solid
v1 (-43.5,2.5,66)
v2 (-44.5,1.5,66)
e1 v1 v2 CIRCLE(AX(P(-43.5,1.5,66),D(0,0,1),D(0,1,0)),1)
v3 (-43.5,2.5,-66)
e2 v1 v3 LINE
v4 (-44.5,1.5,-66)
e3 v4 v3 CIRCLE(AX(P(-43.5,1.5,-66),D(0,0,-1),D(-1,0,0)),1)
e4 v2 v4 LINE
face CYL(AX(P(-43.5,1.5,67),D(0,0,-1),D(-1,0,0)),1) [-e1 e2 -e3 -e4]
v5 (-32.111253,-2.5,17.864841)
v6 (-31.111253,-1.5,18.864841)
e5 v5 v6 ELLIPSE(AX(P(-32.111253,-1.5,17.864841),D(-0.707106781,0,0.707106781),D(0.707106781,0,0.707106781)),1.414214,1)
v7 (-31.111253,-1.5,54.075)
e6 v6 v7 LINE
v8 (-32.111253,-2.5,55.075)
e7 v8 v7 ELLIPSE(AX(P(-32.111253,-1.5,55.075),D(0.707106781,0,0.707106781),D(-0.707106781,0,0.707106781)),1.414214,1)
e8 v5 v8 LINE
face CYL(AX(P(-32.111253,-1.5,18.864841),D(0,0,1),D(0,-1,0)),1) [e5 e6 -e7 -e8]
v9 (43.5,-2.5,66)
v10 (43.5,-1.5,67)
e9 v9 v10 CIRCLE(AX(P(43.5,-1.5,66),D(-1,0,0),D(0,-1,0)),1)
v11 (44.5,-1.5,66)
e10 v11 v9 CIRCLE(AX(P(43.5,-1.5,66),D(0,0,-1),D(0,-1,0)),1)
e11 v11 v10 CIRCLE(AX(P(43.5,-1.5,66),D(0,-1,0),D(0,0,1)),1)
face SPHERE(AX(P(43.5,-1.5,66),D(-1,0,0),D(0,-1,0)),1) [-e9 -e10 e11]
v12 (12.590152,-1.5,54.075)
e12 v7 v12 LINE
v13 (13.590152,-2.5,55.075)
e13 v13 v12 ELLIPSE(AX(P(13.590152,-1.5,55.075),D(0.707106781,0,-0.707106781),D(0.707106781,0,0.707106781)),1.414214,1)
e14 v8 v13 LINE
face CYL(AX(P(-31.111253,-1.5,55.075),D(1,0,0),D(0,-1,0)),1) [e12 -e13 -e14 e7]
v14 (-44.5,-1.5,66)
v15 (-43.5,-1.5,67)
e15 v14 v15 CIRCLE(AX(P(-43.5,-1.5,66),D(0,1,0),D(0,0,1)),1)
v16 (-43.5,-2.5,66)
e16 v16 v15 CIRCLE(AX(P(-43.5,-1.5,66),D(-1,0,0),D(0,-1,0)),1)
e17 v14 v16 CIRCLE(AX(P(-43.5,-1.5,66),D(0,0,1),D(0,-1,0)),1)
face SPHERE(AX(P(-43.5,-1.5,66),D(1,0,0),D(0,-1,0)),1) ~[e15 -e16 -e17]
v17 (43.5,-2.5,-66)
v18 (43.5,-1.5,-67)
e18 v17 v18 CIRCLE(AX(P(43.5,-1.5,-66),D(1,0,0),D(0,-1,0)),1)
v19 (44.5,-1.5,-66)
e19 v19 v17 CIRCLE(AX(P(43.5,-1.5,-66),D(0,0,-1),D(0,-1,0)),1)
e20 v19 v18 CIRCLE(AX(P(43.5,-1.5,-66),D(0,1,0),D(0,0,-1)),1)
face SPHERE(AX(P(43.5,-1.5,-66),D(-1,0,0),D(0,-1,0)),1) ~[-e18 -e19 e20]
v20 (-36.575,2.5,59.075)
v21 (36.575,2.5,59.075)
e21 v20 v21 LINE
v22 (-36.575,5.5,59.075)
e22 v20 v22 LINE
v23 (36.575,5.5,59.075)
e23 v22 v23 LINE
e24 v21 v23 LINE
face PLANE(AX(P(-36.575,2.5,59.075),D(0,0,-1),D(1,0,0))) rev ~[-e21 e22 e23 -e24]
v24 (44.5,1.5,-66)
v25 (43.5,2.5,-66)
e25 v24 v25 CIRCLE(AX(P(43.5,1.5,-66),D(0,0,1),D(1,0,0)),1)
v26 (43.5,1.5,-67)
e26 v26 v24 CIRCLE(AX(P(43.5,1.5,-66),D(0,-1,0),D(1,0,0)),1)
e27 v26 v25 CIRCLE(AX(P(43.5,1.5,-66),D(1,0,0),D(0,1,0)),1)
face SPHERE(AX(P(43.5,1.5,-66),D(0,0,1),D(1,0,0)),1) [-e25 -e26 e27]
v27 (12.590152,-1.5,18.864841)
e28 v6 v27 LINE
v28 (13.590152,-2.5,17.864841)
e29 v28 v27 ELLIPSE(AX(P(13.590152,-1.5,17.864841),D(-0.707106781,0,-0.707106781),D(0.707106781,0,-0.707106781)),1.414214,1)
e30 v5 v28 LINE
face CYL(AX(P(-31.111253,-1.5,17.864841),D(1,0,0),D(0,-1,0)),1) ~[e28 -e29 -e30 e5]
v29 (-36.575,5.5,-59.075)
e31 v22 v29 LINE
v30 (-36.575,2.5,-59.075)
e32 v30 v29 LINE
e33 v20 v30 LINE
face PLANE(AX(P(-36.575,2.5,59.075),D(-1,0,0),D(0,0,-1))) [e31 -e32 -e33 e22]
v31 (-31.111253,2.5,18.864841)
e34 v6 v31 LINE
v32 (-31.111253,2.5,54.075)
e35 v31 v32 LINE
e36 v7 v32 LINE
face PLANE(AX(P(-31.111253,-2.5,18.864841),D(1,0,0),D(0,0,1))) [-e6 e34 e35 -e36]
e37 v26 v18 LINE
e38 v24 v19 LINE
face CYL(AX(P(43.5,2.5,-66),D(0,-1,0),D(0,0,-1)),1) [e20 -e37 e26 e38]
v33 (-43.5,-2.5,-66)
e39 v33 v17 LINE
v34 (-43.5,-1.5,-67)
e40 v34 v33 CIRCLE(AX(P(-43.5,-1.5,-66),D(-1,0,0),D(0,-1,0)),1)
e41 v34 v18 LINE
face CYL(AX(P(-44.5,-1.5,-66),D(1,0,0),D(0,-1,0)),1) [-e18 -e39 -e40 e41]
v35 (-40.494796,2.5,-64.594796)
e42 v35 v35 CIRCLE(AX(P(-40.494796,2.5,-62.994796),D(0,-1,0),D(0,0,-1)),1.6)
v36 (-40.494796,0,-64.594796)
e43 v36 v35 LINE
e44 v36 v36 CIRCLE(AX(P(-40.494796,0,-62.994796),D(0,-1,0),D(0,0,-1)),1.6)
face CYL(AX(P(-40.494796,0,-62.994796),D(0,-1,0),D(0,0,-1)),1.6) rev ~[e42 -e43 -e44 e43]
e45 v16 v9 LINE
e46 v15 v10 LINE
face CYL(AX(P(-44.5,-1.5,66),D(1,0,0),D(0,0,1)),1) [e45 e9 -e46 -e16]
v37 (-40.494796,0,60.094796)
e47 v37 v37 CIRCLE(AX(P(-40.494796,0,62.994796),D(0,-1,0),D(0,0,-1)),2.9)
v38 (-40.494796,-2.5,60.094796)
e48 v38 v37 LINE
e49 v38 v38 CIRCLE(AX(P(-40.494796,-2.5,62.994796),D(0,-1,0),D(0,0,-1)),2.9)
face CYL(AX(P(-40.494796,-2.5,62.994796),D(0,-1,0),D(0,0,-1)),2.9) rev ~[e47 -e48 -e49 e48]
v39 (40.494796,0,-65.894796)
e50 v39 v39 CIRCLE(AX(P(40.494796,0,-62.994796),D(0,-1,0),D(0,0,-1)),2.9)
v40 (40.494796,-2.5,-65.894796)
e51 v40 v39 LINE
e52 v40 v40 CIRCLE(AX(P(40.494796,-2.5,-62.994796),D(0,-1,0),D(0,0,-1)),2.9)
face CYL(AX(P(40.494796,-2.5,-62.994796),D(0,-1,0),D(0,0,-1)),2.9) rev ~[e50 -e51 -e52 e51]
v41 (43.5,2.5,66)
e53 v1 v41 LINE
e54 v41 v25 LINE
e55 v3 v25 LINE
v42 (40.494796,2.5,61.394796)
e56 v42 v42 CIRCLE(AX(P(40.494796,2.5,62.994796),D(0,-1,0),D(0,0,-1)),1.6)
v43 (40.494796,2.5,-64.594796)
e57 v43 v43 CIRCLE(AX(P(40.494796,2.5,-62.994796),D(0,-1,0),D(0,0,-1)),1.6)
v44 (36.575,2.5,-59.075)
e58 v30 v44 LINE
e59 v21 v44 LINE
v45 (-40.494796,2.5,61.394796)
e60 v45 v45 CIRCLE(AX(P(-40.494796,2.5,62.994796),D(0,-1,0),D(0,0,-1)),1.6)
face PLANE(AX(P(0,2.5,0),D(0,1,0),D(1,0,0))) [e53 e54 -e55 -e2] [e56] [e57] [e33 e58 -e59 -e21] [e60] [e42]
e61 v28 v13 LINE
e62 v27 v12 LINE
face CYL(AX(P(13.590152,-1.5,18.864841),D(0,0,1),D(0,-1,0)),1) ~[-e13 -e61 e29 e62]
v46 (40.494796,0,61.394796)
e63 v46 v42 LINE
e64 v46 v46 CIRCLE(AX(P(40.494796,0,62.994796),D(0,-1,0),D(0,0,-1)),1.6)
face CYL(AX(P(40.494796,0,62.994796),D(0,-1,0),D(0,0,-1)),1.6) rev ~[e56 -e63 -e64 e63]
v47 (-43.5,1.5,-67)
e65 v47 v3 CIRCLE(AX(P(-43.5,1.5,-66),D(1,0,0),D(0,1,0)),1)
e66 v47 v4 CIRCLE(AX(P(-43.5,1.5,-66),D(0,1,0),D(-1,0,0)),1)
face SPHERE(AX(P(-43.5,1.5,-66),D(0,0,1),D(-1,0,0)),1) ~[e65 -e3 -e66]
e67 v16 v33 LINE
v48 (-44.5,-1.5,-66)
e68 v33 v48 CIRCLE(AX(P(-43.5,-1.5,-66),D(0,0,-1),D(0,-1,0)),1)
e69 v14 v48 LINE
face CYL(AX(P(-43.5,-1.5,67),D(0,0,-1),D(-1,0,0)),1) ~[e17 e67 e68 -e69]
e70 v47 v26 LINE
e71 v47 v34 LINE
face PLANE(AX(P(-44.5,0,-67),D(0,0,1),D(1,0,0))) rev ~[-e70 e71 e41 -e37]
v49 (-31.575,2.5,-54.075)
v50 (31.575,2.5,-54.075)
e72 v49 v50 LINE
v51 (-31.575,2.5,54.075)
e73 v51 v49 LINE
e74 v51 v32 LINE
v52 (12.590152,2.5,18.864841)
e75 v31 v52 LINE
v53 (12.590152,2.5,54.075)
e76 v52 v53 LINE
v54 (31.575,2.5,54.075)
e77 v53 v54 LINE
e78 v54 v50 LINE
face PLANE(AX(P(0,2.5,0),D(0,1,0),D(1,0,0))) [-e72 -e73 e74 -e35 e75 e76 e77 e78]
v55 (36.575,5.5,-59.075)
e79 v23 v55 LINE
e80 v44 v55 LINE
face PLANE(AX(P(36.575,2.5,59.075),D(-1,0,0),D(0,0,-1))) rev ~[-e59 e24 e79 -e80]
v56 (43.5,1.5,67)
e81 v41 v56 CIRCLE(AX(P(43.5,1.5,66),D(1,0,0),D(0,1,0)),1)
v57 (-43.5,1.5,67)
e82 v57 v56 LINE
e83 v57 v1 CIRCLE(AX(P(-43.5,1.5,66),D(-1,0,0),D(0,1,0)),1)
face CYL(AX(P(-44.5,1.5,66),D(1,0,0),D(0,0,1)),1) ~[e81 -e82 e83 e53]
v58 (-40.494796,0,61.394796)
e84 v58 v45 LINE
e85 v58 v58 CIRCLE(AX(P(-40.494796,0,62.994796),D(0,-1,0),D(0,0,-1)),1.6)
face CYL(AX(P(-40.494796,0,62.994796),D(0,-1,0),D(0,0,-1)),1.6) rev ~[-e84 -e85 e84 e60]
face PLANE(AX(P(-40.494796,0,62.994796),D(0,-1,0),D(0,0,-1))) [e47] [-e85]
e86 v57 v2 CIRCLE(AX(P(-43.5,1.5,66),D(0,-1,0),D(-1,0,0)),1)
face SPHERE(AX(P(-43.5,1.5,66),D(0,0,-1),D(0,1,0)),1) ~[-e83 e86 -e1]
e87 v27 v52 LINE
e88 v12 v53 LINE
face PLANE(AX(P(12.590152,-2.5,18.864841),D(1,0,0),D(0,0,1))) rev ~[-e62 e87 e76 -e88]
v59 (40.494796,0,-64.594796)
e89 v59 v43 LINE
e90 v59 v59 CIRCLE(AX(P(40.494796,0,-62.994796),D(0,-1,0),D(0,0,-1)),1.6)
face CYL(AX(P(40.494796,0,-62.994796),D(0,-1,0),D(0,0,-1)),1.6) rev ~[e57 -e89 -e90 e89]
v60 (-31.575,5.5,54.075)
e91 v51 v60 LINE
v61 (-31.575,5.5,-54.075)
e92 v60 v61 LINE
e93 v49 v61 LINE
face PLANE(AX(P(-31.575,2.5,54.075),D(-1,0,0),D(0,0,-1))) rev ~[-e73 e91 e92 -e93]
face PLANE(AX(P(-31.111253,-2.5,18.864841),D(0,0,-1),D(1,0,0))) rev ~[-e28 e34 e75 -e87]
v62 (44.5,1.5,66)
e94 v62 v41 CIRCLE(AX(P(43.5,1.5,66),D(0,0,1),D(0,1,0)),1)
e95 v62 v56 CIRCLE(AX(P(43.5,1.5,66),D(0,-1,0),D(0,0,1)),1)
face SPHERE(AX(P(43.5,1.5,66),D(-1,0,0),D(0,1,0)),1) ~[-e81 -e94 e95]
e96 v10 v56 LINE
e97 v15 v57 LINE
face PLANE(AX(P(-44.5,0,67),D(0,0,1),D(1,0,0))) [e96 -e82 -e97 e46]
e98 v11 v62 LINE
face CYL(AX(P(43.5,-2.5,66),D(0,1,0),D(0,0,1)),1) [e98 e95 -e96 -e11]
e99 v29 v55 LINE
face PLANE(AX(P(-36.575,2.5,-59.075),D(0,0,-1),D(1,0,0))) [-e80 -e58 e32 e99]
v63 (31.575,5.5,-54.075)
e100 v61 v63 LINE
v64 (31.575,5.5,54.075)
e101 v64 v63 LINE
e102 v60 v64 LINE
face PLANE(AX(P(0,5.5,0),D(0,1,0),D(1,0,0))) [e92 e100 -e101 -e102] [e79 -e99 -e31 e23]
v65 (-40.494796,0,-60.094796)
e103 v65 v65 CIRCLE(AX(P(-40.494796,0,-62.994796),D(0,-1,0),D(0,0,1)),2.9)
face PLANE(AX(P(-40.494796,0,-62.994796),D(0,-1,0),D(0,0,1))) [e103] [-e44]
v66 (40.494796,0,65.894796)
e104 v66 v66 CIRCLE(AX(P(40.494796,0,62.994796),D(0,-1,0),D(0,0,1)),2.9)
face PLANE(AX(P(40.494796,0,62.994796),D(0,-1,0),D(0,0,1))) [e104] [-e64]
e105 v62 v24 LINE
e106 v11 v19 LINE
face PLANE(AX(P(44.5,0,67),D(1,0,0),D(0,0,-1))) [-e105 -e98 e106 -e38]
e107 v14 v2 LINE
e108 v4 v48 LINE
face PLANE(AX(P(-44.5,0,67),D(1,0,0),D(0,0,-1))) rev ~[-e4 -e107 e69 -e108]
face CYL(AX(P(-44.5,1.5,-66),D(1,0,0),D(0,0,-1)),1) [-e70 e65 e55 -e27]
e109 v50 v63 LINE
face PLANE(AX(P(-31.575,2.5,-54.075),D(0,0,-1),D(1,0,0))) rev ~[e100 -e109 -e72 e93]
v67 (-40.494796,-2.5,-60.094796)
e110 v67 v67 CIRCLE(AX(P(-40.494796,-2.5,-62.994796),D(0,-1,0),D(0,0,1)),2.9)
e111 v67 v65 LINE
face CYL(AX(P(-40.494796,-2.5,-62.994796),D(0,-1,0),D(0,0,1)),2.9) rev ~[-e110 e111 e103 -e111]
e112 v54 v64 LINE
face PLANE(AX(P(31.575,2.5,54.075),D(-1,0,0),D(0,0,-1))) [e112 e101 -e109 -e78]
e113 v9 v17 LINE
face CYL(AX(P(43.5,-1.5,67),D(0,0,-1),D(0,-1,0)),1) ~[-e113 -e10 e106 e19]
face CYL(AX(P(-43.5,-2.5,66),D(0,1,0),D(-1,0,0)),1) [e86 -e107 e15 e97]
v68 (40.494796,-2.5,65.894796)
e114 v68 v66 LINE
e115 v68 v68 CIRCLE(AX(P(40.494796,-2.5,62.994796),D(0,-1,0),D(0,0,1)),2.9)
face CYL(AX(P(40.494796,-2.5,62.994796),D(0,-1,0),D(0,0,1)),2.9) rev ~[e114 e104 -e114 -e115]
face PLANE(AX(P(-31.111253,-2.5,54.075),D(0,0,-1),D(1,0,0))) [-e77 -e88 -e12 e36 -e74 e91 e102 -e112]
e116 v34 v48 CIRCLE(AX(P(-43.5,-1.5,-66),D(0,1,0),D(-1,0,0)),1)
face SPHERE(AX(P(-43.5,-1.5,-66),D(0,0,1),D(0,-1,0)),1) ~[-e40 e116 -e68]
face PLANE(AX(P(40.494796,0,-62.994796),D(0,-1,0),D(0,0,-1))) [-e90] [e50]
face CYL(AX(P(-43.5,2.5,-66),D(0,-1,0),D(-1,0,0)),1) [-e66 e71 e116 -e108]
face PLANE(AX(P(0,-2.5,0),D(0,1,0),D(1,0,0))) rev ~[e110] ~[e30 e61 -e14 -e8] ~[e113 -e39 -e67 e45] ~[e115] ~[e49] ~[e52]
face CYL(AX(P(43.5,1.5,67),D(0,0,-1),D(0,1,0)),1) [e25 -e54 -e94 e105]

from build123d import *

# Parameters (mm, degrees)
SKETCH1_W           = 89
SKETCH1_H           = 134
BOSS_EXTRUDE1_DEPTH = 2.5
SKETCH3_W           = 73.15
SKETCH3_H           = 118.15
SKETCH3_W_2         = 63.15
SKETCH3_H_2         = 108.15
BOSS_EXTRUDE2_DEPTH = 3
CUT_EXTRUDE1_REACH  = 82.829
SKETCH5_W           = 43.701404931
SKETCH5_H           = 35.210158561
FILLET1_R           = 1
SKETCH8_R           = 2.9
CUT_EXTRUDE2_DEPTH  = 2.5
CUT_EXTRUDE3_REACH  = 82.619
SKETCH9_R           = 1.6


with BuildPart() as part:
    # Sketch1 → Boss-Extrude1 (new, symmetric)
    with BuildSketch(Plane(origin=(0, 0, 0), x_dir=(1, 0, 0), z_dir=(0, 1, 0))):
        Rectangle(SKETCH1_W, SKETCH1_H)
    extrude(amount=BOSS_EXTRUDE1_DEPTH, both=True)

    # Sketch3 → Boss-Extrude2 (add)
    with BuildSketch(Plane(origin=(0, 2.5, 0), x_dir=(1, 0, 0), z_dir=(0, 1, 0))):
        Rectangle(SKETCH3_W, SKETCH3_H)
        Rectangle(SKETCH3_W_2, SKETCH3_H_2, mode=Mode.SUBTRACT)
    extrude(amount=BOSS_EXTRUDE2_DEPTH)

    # Sketch5 → Cut-Extrude1 (cut, up to next)
    with BuildSketch(Plane.XZ.offset(2.5), mode=Mode.PRIVATE) as cut_extrude1_sk1:
        with Locations((-9.260550175, 36.46992072)):
            Rectangle(SKETCH5_W, SKETCH5_H)
    cut_extrude1_tool1 = extrude(cut_extrude1_sk1.sketch, amount=-CUT_EXTRUDE1_REACH, mode=Mode.PRIVATE) & part.part
    add(cut_extrude1_tool1.solids().sort_by_distance((-9.26055, -2.5, 36.469921))[0], mode=Mode.SUBTRACT)

    # Fillet1
    fillet1_edges = [part.edges().sort_by_distance(p)[0] for p in [
        (-44.5, 2.5, 0),
        (0, 2.5, 67),
        (-31.11125264, -2.5, 36.46992072),
        (-9.260550175, -2.5, 18.864841439),
        (12.590152291, -2.5, 36.46992072),
        (-9.260550175, -2.5, 54.075),
        (44.5, 2.5, 0),
        (0, -2.5, 67),
        (-44.5, -2.5, 0),
        (0, -2.5, -67),
        (44.5, -2.5, 0),
        (44.5, 0, 67),
        (-44.5, 0, 67),
        (-44.5, 0, -67),
        (44.5, 0, -67),
        (0, 2.5, -67),
    ]]
    fillet(fillet1_edges, radius=FILLET1_R)

    # Sketch8 → Cut-Extrude2 (cut)
    with BuildSketch(Plane.XZ.offset(2.5)):
        with Locations(Location((40.49479618, -62.99479618, 0), (0, 0, 270))):
            Circle(SKETCH8_R)
        with Locations(Location((-40.49479618, -62.99479618, 0), (0, 0, 90))):
            Circle(SKETCH8_R)
        with Locations(Location((40.49479618, 62.99479618, 0), (0, 0, 90))):
            Circle(SKETCH8_R)
        with Locations(Location((-40.49479618, 62.99479618, 0), (0, 0, 270))):
            Circle(SKETCH8_R)
    extrude(amount=-CUT_EXTRUDE2_DEPTH, mode=Mode.SUBTRACT)

    # Sketch9 → Cut-Extrude3 (cut, up to next)
    with BuildSketch(Plane.XZ, mode=Mode.PRIVATE) as cut_extrude3_sk1:
        with Locations(Location((40.49479618, -62.99479618, 0), (0, 0, 270))):
            Circle(SKETCH9_R)
    cut_extrude3_tool1 = extrude(cut_extrude3_sk1.sketch, amount=-CUT_EXTRUDE3_REACH, mode=Mode.PRIVATE) & part.part
    # Sketch9 → Cut-Extrude3 (cut, up to next)
    with BuildSketch(Plane.XZ, mode=Mode.PRIVATE) as cut_extrude3_sk2:
        with Locations(Location((-40.49479618, -62.99479618, 0), (0, 0, 270))):
            Circle(SKETCH9_R)
    cut_extrude3_tool2 = extrude(cut_extrude3_sk2.sketch, amount=-CUT_EXTRUDE3_REACH, mode=Mode.PRIVATE) & part.part
    # Sketch9 → Cut-Extrude3 (cut, up to next)
    with BuildSketch(Plane.XZ, mode=Mode.PRIVATE) as cut_extrude3_sk3:
        with Locations(Location((40.49479618, 62.99479618, 0), (0, 0, 270))):
            Circle(SKETCH9_R)
    cut_extrude3_tool3 = extrude(cut_extrude3_sk3.sketch, amount=-CUT_EXTRUDE3_REACH, mode=Mode.PRIVATE) & part.part
    # Sketch9 → Cut-Extrude3 (cut, up to next)
    with BuildSketch(Plane.XZ, mode=Mode.PRIVATE) as cut_extrude3_sk4:
        with Locations(Location((-40.49479618, 62.99479618, 0), (0, 0, 270))):
            Circle(SKETCH9_R)
    cut_extrude3_tool4 = extrude(cut_extrude3_sk4.sketch, amount=-CUT_EXTRUDE3_REACH, mode=Mode.PRIVATE) & part.part
    add(cut_extrude3_tool1.solids().sort_by_distance((40.494796, 0, -62.994796))[0], mode=Mode.SUBTRACT)
    add(cut_extrude3_tool2.solids().sort_by_distance((-40.494796, 0, -62.994796))[0], mode=Mode.SUBTRACT)
    add(cut_extrude3_tool3.solids().sort_by_distance((40.494796, 0, 62.994796))[0], mode=Mode.SUBTRACT)
    add(cut_extrude3_tool4.solids().sort_by_distance((-40.494796, 0, 62.994796))[0], mode=Mode.SUBTRACT)


solid = part.part
